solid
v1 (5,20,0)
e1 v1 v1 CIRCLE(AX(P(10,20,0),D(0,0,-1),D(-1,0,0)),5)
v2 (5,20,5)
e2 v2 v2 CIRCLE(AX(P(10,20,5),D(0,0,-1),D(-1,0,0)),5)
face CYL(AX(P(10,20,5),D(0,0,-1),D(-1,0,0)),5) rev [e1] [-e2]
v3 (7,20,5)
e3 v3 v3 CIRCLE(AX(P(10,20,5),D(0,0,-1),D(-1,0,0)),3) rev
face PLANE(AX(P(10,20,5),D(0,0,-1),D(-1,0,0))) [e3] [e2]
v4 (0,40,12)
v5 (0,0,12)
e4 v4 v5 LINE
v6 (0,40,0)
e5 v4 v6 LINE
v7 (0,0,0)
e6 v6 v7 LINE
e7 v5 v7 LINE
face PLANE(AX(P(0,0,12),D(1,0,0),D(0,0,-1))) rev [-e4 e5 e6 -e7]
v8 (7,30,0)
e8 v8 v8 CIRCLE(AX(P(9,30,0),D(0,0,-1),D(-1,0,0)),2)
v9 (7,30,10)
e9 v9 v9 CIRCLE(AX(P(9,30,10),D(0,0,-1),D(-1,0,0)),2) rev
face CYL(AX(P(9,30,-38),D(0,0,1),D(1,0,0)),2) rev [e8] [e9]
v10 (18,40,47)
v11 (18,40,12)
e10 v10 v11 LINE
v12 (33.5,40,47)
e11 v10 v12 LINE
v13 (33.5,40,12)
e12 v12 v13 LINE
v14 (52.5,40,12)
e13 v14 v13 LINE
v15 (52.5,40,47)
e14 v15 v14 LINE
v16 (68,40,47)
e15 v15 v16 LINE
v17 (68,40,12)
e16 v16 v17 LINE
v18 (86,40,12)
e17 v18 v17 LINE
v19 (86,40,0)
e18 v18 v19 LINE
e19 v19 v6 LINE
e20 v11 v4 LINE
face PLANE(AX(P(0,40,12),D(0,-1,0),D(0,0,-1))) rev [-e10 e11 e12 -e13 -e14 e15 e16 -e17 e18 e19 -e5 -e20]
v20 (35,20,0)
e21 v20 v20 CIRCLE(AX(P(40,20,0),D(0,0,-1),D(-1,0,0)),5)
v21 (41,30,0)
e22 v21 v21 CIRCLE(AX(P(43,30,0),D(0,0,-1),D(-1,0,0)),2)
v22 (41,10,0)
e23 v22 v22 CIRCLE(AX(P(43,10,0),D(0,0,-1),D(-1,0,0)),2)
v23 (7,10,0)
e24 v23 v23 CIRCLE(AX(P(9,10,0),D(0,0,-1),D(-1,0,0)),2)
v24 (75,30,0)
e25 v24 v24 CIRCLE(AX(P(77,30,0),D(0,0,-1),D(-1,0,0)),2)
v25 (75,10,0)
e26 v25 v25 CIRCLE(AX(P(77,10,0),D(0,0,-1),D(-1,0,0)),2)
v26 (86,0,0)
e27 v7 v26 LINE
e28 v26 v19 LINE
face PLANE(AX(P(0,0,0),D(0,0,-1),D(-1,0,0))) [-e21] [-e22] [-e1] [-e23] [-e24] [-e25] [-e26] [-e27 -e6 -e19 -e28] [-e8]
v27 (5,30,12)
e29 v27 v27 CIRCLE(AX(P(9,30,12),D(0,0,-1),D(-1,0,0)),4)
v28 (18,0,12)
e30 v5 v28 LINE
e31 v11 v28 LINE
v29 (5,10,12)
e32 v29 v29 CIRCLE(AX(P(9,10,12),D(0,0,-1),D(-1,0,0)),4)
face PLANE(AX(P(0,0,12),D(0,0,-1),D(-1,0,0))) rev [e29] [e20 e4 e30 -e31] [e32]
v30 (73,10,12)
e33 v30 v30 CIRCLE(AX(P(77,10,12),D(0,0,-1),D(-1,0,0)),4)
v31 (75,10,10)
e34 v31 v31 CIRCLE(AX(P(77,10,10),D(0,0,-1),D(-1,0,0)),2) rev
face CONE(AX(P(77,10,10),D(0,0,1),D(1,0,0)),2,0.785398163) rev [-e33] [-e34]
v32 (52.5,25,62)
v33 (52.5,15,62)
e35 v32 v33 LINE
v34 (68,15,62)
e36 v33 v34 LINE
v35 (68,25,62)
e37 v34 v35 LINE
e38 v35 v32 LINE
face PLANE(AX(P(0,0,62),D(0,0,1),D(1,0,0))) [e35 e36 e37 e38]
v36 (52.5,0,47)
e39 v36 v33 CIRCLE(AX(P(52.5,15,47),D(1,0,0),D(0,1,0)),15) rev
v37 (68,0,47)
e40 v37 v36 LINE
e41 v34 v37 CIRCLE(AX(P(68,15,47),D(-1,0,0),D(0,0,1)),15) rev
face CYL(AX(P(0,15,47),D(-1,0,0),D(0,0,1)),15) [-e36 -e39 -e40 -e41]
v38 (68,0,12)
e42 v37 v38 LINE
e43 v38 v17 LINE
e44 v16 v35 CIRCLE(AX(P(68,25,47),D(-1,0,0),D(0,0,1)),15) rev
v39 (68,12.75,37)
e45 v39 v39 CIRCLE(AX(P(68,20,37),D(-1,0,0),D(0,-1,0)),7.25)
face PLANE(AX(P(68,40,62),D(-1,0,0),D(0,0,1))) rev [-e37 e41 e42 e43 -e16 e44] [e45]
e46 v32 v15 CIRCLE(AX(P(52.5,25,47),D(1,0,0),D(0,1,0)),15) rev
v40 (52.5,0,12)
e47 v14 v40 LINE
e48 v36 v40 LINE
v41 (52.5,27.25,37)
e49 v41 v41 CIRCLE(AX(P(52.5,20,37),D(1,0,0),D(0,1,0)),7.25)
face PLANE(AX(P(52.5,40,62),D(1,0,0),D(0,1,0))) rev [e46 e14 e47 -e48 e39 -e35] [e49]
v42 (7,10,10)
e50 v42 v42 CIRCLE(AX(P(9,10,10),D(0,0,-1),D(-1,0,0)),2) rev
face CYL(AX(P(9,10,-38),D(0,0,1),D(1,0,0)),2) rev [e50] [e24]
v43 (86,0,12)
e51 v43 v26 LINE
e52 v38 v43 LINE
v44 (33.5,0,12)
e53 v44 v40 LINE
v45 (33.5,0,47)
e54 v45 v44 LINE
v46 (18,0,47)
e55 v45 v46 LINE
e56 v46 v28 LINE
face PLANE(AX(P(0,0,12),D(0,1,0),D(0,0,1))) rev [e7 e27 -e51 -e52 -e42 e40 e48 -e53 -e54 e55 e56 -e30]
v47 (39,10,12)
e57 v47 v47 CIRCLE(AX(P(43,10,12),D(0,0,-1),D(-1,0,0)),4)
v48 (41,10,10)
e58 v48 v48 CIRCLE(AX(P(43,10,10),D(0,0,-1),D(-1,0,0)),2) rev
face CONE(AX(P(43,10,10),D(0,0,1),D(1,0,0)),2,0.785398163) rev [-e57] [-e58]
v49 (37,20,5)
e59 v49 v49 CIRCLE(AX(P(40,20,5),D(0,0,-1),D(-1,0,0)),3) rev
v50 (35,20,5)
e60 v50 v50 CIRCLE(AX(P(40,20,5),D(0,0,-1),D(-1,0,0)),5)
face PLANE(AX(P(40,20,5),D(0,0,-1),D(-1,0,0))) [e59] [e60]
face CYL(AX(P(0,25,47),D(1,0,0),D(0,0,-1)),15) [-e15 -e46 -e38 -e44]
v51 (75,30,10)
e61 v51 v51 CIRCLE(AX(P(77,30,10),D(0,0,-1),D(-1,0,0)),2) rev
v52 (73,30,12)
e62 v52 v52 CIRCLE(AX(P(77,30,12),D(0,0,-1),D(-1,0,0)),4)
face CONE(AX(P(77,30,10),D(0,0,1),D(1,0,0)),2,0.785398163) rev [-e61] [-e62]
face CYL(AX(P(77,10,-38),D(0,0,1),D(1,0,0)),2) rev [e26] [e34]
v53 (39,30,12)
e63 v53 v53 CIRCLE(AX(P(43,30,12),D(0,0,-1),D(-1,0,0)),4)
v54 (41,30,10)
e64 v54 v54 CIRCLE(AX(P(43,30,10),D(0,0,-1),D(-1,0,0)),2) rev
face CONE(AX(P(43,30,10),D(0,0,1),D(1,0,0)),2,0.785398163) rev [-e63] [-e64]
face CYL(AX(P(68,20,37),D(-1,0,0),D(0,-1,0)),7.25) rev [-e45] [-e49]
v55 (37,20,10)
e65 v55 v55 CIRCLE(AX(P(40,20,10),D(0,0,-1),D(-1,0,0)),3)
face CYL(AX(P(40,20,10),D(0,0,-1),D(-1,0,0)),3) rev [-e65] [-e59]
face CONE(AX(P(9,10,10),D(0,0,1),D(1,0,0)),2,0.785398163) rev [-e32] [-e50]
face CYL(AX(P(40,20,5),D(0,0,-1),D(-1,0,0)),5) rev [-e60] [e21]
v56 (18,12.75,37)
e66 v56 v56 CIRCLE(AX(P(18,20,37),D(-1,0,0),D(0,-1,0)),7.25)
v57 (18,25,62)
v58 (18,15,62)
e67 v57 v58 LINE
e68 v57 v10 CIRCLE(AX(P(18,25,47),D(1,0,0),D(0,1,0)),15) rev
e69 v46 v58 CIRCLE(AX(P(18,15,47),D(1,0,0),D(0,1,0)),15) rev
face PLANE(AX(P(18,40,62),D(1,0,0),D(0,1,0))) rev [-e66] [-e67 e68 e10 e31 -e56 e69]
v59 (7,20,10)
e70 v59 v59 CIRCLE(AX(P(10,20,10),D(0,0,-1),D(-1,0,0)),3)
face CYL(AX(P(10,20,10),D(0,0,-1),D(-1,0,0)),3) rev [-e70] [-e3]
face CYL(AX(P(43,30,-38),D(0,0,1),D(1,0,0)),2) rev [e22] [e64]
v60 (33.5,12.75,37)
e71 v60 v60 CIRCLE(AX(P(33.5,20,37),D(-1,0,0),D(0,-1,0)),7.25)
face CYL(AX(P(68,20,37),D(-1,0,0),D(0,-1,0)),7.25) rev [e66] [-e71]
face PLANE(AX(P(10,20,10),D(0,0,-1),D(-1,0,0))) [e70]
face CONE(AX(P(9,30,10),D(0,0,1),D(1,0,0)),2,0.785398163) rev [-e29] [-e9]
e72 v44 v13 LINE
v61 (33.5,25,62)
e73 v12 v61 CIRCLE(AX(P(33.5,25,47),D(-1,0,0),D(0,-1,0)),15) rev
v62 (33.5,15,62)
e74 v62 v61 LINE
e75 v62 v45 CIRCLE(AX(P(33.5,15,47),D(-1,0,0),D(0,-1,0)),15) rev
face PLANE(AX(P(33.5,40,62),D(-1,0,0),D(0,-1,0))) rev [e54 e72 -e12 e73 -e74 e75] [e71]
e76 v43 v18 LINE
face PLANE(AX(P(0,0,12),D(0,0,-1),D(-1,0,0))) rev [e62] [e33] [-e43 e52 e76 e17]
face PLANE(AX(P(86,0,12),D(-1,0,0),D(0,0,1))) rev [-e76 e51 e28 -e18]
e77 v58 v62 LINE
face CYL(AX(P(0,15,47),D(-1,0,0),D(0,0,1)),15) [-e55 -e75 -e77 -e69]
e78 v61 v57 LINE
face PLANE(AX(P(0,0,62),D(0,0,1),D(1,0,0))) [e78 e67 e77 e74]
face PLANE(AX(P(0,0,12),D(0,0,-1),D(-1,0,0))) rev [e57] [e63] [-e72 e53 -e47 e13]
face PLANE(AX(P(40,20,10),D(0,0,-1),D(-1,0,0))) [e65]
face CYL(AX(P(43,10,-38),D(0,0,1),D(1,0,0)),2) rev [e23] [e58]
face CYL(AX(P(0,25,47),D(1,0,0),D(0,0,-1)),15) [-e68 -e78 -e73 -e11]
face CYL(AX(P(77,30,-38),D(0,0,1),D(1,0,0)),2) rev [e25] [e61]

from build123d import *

# Parameters (mm, degrees)
SKETCH1_W           = 86
SKETCH1_H           = 40
BOSS_EXTRUDE1_DEPTH = 12
SKETCH2_W           = 15.5
SKETCH2_H           = 40
BOSS_EXTRUDE2_DEPTH = 50
SKETCH3_R           = 7.25
CUT_EXTRUDE1_DEPTH  = 50
FILLET1_R           = 15
SKETCH5_R           = 2
CUT_EXTRUDE2_DEPTH  = 50
CHAMFER1_SIZE       = 2
SKETCH6_R           = 3
CUT_EXTRUDE3_DEPTH  = 10
SKETCH7_R           = 5
CUT_EXTRUDE4_DEPTH  = 5


with BuildPart() as part:
    # Sketch1 → Boss-Extrude1 (new body)
    with BuildSketch(Plane.XY):
        with Locations((43, 20)):
            Rectangle(SKETCH1_W, SKETCH1_H)
    extrude(amount=BOSS_EXTRUDE1_DEPTH)

    # Sketch2 → Boss-Extrude2 (add)
    with BuildSketch(Plane.XY.offset(12)):
        with Locations((25.75, 20)):
            Rectangle(SKETCH2_W, SKETCH2_H)
        with Locations((60.25, 20)):
            Rectangle(SKETCH2_W, SKETCH2_H)
    extrude(amount=BOSS_EXTRUDE2_DEPTH)

    # Sketch3 → Cut-Extrude1 (cut)
    with BuildSketch(Plane.ZY.offset(-18)):
        with Locations(Location((37, 20, 0), (0, 0, 270))):
            Circle(SKETCH3_R)
    extrude(amount=-CUT_EXTRUDE1_DEPTH, mode=Mode.SUBTRACT)

    # Fillet1
    fillet1_edges = [part.edges().sort_by_distance(p)[0] for p in [
        (25.75, 0, 62),
        (25.75, 40, 62),
        (60.25, 0, 62),
        (60.25, 40, 62),
    ]]
    fillet(fillet1_edges, radius=FILLET1_R)

    # Sketch5 → Cut-Extrude2 (cut)
    with BuildSketch(Plane.XY.offset(12)):
        with Locations((9, 30)):
            Circle(SKETCH5_R)
        with Locations((9, 10)):
            Circle(SKETCH5_R)
        with Locations((43, 30)):
            Circle(SKETCH5_R)
        with Locations((43, 10)):
            Circle(SKETCH5_R)
        with Locations((77, 30)):
            Circle(SKETCH5_R)
        with Locations((77, 10)):
            Circle(SKETCH5_R)
    extrude(amount=-CUT_EXTRUDE2_DEPTH, mode=Mode.SUBTRACT)

    # Chamfer1
    chamfer1_edges = [part.edges().sort_by_distance(p)[0] for p in [
        (7, 30, 12),
        (75, 10, 12),
        (75, 30, 12),
        (41, 10, 12),
        (41, 30, 12),
        (7, 10, 12),
    ]]
    chamfer(chamfer1_edges, length=CHAMFER1_SIZE)

    # Sketch6 → Cut-Extrude3 (cut)
    with BuildSketch(Plane(origin=(0, 0, 0), x_dir=(-1, 0, 0), z_dir=(0, 0, -1))):
        with Locations((-10, 20)):
            Circle(SKETCH6_R)
        with Locations((-40, 20)):
            Circle(SKETCH6_R)
    extrude(amount=-CUT_EXTRUDE3_DEPTH, mode=Mode.SUBTRACT)

    # Sketch7 → Cut-Extrude4 (cut)
    with BuildSketch(Plane(origin=(0, 0, 0), x_dir=(-1, 0, 0), z_dir=(0, 0, -1))):
        with Locations((-10, 20)):
            Circle(SKETCH7_R)
        with Locations((-40, 20)):
            Circle(SKETCH7_R)
    extrude(amount=-CUT_EXTRUDE4_DEPTH, mode=Mode.SUBTRACT)


solid = part.part
